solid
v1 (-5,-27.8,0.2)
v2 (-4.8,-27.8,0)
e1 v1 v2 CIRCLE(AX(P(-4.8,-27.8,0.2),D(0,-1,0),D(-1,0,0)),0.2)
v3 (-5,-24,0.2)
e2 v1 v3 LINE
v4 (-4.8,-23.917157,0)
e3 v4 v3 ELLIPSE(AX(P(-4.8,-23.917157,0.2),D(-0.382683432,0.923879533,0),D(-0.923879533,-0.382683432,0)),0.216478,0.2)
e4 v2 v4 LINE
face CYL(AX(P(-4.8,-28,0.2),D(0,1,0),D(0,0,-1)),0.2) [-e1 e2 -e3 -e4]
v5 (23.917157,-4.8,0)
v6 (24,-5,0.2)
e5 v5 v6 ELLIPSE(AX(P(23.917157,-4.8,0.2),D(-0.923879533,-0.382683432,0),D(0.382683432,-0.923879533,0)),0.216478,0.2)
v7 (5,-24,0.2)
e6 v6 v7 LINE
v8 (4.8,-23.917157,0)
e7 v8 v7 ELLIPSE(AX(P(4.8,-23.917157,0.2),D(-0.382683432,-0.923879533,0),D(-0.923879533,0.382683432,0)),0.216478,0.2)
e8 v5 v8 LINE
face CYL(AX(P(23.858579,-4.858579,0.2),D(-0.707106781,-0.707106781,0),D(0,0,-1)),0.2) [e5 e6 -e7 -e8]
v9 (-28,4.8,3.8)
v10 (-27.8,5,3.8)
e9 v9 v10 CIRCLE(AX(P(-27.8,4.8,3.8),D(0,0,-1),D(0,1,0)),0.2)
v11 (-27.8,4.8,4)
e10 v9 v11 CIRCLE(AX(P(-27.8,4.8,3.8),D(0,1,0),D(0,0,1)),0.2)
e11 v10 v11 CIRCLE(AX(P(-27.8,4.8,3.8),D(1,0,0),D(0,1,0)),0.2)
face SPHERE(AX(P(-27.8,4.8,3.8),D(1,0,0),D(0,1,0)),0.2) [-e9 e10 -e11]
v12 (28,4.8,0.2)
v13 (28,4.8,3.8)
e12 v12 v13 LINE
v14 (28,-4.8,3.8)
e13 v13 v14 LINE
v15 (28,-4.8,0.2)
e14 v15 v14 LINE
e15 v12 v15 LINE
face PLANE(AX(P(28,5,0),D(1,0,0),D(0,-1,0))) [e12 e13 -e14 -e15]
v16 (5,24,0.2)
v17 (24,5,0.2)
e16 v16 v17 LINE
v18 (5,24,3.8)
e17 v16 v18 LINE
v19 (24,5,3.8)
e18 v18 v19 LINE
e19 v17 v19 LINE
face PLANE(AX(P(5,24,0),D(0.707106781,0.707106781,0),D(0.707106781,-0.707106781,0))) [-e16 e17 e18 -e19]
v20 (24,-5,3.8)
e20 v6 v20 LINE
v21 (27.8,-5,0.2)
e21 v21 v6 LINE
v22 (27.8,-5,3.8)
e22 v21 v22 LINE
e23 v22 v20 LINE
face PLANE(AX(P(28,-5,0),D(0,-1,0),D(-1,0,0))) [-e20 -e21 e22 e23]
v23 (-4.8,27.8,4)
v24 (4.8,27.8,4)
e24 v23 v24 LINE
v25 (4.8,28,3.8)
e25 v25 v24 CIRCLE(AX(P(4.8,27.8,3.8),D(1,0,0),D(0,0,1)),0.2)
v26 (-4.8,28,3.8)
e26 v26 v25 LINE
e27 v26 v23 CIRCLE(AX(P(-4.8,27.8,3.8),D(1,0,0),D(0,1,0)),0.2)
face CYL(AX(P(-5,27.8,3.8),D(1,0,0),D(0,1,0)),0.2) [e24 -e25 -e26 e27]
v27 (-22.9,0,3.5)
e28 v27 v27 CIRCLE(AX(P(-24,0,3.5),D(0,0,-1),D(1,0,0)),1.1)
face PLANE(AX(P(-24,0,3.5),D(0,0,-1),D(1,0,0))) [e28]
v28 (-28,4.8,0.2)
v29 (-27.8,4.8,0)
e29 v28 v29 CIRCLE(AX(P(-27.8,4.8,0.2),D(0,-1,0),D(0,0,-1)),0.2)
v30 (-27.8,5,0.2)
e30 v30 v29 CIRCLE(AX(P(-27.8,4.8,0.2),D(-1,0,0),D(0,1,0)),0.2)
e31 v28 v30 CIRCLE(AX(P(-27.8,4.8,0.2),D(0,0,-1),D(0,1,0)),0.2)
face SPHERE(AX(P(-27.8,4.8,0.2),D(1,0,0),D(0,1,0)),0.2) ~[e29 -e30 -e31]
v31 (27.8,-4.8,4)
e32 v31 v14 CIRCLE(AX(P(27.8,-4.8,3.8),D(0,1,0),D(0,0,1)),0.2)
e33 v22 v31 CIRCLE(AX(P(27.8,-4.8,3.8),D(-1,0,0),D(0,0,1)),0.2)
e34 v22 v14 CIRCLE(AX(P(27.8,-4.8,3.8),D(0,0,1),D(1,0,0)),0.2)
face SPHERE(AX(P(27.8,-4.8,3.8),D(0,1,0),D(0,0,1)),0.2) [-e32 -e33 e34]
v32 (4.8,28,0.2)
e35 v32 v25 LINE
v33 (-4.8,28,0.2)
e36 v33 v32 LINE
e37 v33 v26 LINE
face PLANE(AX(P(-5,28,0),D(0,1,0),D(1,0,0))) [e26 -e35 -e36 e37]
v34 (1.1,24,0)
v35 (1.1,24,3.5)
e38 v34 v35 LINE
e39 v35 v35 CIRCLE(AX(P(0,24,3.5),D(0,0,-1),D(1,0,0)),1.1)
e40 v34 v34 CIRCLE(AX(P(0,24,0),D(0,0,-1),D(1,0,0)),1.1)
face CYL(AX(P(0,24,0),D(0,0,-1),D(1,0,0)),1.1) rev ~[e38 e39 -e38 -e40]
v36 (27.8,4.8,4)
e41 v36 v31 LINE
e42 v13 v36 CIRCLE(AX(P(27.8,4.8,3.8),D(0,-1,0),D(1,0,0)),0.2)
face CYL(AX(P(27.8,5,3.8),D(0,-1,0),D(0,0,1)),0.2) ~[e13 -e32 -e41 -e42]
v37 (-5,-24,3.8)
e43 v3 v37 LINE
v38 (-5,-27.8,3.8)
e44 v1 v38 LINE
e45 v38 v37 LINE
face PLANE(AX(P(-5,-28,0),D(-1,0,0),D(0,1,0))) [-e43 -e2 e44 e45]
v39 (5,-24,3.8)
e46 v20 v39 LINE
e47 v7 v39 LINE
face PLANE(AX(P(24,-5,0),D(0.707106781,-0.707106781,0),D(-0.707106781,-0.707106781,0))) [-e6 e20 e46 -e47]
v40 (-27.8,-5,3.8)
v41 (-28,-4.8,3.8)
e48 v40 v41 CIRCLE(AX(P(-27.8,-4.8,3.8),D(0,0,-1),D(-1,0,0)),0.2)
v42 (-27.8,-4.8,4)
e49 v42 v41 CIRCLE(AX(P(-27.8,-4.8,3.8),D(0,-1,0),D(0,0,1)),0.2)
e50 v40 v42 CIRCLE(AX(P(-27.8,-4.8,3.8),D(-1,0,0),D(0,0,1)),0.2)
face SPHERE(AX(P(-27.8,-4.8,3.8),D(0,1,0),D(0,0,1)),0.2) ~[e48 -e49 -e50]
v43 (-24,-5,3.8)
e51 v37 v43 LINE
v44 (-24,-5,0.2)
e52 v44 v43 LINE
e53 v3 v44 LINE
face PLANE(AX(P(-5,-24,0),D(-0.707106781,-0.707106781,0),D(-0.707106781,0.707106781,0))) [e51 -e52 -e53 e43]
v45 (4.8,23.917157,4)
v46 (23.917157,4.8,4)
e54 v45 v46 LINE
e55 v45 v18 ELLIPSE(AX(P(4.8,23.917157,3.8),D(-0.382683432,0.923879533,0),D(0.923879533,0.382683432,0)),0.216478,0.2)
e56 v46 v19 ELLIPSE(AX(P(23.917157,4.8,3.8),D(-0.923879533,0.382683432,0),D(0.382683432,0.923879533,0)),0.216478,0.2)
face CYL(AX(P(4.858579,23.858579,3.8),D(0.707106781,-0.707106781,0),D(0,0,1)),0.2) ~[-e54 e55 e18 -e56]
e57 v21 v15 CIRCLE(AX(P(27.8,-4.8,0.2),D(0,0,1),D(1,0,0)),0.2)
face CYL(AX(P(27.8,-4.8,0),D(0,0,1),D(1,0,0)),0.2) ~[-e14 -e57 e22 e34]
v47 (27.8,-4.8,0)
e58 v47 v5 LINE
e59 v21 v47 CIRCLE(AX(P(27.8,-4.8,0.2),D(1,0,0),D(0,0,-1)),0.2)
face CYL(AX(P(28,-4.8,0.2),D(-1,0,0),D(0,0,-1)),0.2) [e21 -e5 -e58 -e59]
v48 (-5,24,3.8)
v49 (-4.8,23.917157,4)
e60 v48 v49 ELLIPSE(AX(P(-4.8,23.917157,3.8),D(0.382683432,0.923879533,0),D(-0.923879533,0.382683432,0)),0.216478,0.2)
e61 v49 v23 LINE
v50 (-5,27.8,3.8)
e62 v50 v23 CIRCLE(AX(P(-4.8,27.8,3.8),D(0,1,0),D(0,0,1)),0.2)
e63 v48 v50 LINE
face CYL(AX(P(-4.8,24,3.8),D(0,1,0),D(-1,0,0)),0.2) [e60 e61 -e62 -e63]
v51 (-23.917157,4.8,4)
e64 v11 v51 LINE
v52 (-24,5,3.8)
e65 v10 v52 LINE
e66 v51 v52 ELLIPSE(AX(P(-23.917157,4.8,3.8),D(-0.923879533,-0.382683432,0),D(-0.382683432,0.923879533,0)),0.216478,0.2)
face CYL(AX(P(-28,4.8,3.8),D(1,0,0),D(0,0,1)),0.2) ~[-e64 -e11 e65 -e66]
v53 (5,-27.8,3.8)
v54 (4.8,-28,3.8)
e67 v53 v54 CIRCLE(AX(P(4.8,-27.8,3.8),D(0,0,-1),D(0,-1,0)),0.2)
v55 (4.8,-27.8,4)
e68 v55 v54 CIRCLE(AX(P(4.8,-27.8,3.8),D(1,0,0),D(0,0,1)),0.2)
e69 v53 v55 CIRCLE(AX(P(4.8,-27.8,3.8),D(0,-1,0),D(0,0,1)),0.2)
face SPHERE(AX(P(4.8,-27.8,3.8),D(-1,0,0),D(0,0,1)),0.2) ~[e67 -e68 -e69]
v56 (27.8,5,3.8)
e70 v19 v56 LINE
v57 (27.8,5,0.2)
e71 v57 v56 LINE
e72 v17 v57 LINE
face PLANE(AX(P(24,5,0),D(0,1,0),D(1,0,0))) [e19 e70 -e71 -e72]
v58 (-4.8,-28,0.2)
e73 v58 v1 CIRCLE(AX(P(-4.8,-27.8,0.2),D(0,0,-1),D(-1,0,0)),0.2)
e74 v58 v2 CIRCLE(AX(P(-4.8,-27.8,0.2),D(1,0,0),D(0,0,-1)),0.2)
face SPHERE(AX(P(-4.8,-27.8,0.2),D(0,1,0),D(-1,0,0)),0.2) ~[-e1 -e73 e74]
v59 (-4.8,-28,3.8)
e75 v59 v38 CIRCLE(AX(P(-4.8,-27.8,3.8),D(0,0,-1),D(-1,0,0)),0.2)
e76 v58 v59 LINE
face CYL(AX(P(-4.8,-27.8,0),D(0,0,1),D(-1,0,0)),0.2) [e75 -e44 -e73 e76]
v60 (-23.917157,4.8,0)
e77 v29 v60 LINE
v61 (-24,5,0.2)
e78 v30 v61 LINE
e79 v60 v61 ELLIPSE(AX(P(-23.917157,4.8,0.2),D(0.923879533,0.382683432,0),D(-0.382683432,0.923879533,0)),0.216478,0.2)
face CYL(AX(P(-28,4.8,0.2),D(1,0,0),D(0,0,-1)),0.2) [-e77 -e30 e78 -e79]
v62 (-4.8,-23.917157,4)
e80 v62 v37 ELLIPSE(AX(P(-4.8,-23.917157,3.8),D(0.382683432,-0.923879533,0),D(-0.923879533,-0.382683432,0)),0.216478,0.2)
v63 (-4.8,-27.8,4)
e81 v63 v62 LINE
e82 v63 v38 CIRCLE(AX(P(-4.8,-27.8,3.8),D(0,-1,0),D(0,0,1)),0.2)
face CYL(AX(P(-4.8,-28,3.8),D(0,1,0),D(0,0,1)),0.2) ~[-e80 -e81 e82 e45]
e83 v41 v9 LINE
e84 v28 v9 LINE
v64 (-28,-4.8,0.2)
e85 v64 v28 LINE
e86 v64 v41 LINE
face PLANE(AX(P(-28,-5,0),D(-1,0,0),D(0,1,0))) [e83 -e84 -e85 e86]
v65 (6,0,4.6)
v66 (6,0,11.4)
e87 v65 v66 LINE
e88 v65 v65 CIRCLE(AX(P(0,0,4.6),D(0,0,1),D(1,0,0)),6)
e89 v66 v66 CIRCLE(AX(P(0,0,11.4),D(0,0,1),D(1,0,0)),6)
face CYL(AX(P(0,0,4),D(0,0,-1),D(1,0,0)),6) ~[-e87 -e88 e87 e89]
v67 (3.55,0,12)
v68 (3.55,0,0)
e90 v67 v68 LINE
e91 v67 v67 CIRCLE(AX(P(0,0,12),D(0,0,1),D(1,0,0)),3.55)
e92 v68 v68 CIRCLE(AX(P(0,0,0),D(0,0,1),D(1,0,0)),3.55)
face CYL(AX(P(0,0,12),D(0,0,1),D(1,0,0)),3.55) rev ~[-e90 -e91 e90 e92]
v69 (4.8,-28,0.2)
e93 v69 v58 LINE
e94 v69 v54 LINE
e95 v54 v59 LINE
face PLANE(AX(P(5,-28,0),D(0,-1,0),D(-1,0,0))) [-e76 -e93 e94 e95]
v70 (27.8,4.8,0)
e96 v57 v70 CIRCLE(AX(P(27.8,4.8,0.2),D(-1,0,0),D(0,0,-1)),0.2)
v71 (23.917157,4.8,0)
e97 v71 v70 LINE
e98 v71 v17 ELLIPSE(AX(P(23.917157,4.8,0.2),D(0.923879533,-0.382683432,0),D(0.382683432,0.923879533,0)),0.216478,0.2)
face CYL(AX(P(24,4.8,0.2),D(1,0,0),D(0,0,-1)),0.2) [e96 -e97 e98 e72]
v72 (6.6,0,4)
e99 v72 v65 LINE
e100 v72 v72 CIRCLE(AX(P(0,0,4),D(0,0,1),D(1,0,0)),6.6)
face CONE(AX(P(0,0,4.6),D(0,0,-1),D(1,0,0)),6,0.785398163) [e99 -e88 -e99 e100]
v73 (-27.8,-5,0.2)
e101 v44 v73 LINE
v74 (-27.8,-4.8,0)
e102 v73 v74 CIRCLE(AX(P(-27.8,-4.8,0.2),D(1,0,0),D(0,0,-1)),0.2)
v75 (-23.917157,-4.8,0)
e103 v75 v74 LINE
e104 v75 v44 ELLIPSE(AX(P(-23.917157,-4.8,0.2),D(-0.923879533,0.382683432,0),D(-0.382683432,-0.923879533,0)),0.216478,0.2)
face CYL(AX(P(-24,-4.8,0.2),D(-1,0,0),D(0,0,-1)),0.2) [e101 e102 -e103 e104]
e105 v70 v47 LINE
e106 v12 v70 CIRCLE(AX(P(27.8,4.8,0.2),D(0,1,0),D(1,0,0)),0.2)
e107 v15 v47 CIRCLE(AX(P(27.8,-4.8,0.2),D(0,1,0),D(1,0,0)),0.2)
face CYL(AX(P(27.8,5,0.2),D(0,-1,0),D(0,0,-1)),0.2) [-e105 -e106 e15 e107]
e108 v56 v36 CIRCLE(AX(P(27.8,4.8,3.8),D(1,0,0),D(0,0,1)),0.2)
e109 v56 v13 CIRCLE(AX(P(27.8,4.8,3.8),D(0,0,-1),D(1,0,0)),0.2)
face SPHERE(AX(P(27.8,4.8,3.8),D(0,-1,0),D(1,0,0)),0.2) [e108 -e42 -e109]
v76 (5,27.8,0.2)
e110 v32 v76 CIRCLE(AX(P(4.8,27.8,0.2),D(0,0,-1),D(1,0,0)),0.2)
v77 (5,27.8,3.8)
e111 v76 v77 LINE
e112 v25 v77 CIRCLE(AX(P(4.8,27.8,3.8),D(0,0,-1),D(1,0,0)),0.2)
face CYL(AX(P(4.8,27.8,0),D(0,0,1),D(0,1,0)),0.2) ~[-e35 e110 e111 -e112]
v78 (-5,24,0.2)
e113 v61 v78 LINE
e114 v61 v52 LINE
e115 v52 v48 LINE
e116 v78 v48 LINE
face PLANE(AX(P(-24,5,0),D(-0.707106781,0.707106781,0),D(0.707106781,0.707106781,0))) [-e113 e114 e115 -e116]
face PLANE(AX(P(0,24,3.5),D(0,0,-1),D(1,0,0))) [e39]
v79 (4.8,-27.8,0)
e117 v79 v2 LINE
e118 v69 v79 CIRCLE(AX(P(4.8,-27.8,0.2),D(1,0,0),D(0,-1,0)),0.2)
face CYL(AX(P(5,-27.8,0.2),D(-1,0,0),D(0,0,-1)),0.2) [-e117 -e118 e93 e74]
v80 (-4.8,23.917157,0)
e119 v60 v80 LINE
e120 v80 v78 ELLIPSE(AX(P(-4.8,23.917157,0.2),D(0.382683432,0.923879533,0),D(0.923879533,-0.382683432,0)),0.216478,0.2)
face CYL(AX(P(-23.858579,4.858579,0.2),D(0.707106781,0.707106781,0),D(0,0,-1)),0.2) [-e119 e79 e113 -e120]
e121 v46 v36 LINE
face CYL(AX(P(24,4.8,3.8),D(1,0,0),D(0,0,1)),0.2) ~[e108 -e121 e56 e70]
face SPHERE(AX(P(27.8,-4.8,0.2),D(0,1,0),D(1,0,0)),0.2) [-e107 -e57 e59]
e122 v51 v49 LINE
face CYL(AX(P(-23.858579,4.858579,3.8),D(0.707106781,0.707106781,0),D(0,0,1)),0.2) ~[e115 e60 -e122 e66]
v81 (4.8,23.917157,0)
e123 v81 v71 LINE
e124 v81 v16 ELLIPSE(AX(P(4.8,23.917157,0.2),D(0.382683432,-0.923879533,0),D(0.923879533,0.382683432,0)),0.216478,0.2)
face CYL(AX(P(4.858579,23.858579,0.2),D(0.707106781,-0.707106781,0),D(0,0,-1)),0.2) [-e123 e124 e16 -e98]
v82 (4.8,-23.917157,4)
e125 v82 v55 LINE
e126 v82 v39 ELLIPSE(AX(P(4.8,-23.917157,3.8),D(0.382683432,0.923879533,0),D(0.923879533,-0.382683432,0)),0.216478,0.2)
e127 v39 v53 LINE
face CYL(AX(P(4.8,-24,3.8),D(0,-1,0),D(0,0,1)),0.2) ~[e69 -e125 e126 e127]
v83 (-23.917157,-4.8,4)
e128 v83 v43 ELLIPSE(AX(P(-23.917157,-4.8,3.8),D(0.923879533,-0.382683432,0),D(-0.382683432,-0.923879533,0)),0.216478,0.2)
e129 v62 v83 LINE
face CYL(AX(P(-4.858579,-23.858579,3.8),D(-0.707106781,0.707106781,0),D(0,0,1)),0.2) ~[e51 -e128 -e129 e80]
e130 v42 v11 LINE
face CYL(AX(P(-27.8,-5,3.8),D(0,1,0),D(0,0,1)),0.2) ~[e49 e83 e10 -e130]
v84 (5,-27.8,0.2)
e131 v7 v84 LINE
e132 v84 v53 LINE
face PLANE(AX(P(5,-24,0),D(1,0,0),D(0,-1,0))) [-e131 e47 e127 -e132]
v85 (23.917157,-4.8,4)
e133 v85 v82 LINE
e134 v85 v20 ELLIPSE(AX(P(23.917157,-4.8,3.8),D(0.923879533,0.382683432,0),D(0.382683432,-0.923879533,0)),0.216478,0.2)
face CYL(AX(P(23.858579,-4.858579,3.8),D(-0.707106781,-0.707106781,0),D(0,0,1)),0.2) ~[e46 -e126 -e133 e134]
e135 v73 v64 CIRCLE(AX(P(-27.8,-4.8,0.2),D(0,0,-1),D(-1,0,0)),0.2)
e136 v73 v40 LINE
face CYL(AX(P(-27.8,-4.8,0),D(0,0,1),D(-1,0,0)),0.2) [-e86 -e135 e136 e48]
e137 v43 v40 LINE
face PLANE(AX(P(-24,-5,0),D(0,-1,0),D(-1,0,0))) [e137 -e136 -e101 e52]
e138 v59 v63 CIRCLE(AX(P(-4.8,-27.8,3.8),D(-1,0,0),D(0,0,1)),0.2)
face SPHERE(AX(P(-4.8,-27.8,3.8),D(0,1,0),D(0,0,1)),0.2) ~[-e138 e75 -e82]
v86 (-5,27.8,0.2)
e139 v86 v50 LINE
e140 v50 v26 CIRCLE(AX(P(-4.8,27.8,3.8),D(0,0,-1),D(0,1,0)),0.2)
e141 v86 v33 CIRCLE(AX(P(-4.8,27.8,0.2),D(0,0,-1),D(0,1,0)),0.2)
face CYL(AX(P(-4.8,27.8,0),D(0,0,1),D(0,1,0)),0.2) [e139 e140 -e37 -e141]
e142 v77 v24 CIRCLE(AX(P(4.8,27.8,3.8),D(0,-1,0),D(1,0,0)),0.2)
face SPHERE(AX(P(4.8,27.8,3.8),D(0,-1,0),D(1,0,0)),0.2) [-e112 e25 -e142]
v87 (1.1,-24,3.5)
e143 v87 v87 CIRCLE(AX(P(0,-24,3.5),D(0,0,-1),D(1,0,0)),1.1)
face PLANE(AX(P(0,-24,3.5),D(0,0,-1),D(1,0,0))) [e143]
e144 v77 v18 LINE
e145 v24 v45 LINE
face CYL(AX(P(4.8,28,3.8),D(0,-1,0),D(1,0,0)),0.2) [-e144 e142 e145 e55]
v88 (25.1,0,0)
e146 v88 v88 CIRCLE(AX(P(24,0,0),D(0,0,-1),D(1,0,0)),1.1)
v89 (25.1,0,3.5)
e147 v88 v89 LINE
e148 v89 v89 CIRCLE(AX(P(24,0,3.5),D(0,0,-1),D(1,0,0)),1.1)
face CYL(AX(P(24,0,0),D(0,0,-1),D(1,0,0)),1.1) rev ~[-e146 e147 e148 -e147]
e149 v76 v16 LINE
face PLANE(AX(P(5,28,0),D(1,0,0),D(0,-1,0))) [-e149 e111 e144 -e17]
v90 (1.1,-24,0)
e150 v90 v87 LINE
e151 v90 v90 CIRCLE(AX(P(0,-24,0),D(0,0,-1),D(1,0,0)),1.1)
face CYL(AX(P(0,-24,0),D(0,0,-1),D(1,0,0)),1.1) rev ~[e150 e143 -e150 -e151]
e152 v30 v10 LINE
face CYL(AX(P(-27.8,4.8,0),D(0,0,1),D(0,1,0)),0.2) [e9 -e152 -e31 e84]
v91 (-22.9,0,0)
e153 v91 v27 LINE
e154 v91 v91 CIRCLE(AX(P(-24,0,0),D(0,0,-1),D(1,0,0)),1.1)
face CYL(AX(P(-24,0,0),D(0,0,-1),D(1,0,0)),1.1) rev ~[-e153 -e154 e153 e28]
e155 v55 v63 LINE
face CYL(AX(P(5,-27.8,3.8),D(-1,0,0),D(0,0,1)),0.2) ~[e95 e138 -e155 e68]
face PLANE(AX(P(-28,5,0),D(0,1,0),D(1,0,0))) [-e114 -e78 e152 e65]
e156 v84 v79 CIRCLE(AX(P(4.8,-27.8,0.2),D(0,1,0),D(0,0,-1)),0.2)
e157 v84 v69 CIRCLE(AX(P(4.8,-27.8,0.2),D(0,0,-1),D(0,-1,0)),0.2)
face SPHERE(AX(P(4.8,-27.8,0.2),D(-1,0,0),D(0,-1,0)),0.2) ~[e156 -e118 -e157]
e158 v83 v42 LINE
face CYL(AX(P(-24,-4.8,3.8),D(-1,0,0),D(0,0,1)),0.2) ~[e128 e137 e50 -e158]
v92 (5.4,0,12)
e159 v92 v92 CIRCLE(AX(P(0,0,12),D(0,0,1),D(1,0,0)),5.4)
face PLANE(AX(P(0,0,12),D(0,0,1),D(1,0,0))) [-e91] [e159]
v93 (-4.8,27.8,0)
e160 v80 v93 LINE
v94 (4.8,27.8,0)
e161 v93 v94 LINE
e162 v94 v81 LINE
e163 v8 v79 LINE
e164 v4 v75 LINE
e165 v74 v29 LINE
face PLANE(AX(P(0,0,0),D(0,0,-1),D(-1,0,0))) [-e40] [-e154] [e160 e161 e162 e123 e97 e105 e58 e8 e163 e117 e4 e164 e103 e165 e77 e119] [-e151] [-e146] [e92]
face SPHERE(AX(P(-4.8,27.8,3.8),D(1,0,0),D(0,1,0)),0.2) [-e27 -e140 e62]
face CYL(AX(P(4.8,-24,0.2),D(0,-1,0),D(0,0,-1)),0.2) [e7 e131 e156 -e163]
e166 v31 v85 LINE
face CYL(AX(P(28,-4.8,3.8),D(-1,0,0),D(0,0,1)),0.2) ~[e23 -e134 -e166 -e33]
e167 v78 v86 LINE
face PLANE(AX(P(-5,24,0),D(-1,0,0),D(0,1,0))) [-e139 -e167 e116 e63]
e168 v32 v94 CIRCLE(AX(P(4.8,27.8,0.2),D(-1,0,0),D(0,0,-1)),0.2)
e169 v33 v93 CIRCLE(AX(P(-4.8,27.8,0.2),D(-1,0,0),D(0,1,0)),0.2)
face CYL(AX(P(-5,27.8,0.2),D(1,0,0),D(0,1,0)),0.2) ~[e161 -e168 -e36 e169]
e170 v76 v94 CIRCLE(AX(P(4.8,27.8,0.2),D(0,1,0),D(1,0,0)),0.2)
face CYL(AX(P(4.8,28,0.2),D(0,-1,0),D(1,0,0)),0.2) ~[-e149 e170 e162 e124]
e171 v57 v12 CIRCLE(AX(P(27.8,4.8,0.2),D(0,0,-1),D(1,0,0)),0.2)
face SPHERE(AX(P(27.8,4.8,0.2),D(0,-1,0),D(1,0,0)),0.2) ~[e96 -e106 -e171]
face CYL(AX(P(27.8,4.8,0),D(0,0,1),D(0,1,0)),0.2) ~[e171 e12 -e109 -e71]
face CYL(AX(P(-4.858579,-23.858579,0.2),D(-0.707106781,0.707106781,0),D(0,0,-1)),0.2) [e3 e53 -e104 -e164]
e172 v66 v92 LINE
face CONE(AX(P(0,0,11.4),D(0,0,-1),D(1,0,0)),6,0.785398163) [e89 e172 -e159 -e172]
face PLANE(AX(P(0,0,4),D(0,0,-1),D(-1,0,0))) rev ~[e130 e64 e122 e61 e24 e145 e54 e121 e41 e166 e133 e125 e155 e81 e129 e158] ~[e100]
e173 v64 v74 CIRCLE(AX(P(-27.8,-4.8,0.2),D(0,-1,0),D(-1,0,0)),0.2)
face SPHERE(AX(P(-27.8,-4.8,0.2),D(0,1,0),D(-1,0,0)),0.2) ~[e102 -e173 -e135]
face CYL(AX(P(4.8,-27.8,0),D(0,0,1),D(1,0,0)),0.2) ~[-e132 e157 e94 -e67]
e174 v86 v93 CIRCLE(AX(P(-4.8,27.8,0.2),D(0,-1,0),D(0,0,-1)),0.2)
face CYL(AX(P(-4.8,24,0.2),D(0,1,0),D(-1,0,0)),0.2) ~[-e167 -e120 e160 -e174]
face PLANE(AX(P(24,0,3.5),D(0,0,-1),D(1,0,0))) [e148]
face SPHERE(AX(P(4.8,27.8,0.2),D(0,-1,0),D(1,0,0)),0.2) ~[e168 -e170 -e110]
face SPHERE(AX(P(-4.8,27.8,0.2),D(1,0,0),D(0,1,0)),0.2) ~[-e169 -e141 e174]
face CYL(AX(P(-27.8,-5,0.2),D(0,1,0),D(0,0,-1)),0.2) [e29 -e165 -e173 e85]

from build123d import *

# Parameters (mm, degrees)
PAD_DEPTH       = 4
SKETCH_R        = 6
PAD001_DEPTH    = 8
SKETCH002_R     = 3.55
POCKET_DEPTH    = 20
SKETCH003_R     = 1.1
POCKET001_DEPTH = 3.5
FILLET_R        = 0.2
CHAMFER_SIZE    = 0.6


with BuildPart() as part:
    # Sketch001 → Pad (new body)
    with BuildSketch(Plane.XY):
        Polygon((-5, 28), (5, 28), (5, 24), (24, 5), (28, 5), (28, -5), (24, -5), (5, -24), (5, -28), (-5, -28), (-5, -24), (-24, -5), (-28, -5), (-28, 5), (-24, 5), (-5, 24), align=None)
    extrude(amount=PAD_DEPTH)

    # Sketch (on Face18 of Pad) → Pad001 (join)
    with BuildSketch(Plane.XY.offset(4)):
        Circle(SKETCH_R)
    extrude(amount=PAD001_DEPTH)

    # Sketch002 (on Face20 of Pad001) → Pocket (cut)
    with BuildSketch(Plane.XY.offset(12)):
        Circle(SKETCH002_R)
    extrude(amount=-POCKET_DEPTH, mode=Mode.SUBTRACT)

    # Sketch003 (on Face4 of Pocket) → Pocket001 (cut)
    with BuildSketch(Plane(origin=(0, 0, 0), x_dir=(1, 0, 0), z_dir=(0, 0, -1))):
        with Locations((0, 24)):
            Circle(SKETCH003_R)
        with Locations((24, 0)):
            Circle(SKETCH003_R)
        with Locations((-24, 0)):
            Circle(SKETCH003_R)
        with Locations((0, -24)):
            Circle(SKETCH003_R)
    extrude(amount=-POCKET001_DEPTH, mode=Mode.SUBTRACT)

    # Fillet
    fillet_edges = [part.edges().sort_by_distance(p)[0] for p in [
        (28, 0, 4),
        (28, 0, 0),
        (28, 5, 2),
        (26, 5, 4),
        (14.5, 14.5, 4),
        (26, 5, 0),
        (14.5, 14.5, 0),
        (5, 26, 4),
        (5, 26, 0),
        (5, 28, 2),
        (0, 28, 4),
        (0, 28, 0),
        (-5, 28, 2),
        (-5, 26, 4),
        (-14.5, 14.5, 4),
        (-14.5, 14.5, 0),
        (-26, 5, 0),
        (-26, 5, 4),
        (-28, 5, 2),
        (-28, 0, 4),
        (-26, -5, 4),
        (-14.5, -14.5, 4),
        (-5, -26, 4),
        (0, -28, 4),
        (5, -26, 4),
        (14.5, -14.5, 4),
        (26, -5, 4),
        (28, -5, 2),
        (-28, 0, 0),
        (-28, -5, 2),
        (-26, -5, 0),
        (-14.5, -14.5, 0),
        (-5, -26, 0),
        (-5, -28, 2),
        (0, -28, 0),
        (5, -28, 2),
        (14.5, -14.5, 0),
        (5, -26, 0),
        (26, -5, 0),
        (-5, 26, 0),
    ]]
    fillet(fillet_edges, radius=FILLET_R)

    # Chamfer
    chamfer_edges = [part.edges().sort_by_distance(p)[0] for p in [
        (6, 0, 8),
        (-6, 0, 4),
        (-6, 0, 12),
    ]]
    chamfer(chamfer_edges, length=CHAMFER_SIZE)


solid = part.part
